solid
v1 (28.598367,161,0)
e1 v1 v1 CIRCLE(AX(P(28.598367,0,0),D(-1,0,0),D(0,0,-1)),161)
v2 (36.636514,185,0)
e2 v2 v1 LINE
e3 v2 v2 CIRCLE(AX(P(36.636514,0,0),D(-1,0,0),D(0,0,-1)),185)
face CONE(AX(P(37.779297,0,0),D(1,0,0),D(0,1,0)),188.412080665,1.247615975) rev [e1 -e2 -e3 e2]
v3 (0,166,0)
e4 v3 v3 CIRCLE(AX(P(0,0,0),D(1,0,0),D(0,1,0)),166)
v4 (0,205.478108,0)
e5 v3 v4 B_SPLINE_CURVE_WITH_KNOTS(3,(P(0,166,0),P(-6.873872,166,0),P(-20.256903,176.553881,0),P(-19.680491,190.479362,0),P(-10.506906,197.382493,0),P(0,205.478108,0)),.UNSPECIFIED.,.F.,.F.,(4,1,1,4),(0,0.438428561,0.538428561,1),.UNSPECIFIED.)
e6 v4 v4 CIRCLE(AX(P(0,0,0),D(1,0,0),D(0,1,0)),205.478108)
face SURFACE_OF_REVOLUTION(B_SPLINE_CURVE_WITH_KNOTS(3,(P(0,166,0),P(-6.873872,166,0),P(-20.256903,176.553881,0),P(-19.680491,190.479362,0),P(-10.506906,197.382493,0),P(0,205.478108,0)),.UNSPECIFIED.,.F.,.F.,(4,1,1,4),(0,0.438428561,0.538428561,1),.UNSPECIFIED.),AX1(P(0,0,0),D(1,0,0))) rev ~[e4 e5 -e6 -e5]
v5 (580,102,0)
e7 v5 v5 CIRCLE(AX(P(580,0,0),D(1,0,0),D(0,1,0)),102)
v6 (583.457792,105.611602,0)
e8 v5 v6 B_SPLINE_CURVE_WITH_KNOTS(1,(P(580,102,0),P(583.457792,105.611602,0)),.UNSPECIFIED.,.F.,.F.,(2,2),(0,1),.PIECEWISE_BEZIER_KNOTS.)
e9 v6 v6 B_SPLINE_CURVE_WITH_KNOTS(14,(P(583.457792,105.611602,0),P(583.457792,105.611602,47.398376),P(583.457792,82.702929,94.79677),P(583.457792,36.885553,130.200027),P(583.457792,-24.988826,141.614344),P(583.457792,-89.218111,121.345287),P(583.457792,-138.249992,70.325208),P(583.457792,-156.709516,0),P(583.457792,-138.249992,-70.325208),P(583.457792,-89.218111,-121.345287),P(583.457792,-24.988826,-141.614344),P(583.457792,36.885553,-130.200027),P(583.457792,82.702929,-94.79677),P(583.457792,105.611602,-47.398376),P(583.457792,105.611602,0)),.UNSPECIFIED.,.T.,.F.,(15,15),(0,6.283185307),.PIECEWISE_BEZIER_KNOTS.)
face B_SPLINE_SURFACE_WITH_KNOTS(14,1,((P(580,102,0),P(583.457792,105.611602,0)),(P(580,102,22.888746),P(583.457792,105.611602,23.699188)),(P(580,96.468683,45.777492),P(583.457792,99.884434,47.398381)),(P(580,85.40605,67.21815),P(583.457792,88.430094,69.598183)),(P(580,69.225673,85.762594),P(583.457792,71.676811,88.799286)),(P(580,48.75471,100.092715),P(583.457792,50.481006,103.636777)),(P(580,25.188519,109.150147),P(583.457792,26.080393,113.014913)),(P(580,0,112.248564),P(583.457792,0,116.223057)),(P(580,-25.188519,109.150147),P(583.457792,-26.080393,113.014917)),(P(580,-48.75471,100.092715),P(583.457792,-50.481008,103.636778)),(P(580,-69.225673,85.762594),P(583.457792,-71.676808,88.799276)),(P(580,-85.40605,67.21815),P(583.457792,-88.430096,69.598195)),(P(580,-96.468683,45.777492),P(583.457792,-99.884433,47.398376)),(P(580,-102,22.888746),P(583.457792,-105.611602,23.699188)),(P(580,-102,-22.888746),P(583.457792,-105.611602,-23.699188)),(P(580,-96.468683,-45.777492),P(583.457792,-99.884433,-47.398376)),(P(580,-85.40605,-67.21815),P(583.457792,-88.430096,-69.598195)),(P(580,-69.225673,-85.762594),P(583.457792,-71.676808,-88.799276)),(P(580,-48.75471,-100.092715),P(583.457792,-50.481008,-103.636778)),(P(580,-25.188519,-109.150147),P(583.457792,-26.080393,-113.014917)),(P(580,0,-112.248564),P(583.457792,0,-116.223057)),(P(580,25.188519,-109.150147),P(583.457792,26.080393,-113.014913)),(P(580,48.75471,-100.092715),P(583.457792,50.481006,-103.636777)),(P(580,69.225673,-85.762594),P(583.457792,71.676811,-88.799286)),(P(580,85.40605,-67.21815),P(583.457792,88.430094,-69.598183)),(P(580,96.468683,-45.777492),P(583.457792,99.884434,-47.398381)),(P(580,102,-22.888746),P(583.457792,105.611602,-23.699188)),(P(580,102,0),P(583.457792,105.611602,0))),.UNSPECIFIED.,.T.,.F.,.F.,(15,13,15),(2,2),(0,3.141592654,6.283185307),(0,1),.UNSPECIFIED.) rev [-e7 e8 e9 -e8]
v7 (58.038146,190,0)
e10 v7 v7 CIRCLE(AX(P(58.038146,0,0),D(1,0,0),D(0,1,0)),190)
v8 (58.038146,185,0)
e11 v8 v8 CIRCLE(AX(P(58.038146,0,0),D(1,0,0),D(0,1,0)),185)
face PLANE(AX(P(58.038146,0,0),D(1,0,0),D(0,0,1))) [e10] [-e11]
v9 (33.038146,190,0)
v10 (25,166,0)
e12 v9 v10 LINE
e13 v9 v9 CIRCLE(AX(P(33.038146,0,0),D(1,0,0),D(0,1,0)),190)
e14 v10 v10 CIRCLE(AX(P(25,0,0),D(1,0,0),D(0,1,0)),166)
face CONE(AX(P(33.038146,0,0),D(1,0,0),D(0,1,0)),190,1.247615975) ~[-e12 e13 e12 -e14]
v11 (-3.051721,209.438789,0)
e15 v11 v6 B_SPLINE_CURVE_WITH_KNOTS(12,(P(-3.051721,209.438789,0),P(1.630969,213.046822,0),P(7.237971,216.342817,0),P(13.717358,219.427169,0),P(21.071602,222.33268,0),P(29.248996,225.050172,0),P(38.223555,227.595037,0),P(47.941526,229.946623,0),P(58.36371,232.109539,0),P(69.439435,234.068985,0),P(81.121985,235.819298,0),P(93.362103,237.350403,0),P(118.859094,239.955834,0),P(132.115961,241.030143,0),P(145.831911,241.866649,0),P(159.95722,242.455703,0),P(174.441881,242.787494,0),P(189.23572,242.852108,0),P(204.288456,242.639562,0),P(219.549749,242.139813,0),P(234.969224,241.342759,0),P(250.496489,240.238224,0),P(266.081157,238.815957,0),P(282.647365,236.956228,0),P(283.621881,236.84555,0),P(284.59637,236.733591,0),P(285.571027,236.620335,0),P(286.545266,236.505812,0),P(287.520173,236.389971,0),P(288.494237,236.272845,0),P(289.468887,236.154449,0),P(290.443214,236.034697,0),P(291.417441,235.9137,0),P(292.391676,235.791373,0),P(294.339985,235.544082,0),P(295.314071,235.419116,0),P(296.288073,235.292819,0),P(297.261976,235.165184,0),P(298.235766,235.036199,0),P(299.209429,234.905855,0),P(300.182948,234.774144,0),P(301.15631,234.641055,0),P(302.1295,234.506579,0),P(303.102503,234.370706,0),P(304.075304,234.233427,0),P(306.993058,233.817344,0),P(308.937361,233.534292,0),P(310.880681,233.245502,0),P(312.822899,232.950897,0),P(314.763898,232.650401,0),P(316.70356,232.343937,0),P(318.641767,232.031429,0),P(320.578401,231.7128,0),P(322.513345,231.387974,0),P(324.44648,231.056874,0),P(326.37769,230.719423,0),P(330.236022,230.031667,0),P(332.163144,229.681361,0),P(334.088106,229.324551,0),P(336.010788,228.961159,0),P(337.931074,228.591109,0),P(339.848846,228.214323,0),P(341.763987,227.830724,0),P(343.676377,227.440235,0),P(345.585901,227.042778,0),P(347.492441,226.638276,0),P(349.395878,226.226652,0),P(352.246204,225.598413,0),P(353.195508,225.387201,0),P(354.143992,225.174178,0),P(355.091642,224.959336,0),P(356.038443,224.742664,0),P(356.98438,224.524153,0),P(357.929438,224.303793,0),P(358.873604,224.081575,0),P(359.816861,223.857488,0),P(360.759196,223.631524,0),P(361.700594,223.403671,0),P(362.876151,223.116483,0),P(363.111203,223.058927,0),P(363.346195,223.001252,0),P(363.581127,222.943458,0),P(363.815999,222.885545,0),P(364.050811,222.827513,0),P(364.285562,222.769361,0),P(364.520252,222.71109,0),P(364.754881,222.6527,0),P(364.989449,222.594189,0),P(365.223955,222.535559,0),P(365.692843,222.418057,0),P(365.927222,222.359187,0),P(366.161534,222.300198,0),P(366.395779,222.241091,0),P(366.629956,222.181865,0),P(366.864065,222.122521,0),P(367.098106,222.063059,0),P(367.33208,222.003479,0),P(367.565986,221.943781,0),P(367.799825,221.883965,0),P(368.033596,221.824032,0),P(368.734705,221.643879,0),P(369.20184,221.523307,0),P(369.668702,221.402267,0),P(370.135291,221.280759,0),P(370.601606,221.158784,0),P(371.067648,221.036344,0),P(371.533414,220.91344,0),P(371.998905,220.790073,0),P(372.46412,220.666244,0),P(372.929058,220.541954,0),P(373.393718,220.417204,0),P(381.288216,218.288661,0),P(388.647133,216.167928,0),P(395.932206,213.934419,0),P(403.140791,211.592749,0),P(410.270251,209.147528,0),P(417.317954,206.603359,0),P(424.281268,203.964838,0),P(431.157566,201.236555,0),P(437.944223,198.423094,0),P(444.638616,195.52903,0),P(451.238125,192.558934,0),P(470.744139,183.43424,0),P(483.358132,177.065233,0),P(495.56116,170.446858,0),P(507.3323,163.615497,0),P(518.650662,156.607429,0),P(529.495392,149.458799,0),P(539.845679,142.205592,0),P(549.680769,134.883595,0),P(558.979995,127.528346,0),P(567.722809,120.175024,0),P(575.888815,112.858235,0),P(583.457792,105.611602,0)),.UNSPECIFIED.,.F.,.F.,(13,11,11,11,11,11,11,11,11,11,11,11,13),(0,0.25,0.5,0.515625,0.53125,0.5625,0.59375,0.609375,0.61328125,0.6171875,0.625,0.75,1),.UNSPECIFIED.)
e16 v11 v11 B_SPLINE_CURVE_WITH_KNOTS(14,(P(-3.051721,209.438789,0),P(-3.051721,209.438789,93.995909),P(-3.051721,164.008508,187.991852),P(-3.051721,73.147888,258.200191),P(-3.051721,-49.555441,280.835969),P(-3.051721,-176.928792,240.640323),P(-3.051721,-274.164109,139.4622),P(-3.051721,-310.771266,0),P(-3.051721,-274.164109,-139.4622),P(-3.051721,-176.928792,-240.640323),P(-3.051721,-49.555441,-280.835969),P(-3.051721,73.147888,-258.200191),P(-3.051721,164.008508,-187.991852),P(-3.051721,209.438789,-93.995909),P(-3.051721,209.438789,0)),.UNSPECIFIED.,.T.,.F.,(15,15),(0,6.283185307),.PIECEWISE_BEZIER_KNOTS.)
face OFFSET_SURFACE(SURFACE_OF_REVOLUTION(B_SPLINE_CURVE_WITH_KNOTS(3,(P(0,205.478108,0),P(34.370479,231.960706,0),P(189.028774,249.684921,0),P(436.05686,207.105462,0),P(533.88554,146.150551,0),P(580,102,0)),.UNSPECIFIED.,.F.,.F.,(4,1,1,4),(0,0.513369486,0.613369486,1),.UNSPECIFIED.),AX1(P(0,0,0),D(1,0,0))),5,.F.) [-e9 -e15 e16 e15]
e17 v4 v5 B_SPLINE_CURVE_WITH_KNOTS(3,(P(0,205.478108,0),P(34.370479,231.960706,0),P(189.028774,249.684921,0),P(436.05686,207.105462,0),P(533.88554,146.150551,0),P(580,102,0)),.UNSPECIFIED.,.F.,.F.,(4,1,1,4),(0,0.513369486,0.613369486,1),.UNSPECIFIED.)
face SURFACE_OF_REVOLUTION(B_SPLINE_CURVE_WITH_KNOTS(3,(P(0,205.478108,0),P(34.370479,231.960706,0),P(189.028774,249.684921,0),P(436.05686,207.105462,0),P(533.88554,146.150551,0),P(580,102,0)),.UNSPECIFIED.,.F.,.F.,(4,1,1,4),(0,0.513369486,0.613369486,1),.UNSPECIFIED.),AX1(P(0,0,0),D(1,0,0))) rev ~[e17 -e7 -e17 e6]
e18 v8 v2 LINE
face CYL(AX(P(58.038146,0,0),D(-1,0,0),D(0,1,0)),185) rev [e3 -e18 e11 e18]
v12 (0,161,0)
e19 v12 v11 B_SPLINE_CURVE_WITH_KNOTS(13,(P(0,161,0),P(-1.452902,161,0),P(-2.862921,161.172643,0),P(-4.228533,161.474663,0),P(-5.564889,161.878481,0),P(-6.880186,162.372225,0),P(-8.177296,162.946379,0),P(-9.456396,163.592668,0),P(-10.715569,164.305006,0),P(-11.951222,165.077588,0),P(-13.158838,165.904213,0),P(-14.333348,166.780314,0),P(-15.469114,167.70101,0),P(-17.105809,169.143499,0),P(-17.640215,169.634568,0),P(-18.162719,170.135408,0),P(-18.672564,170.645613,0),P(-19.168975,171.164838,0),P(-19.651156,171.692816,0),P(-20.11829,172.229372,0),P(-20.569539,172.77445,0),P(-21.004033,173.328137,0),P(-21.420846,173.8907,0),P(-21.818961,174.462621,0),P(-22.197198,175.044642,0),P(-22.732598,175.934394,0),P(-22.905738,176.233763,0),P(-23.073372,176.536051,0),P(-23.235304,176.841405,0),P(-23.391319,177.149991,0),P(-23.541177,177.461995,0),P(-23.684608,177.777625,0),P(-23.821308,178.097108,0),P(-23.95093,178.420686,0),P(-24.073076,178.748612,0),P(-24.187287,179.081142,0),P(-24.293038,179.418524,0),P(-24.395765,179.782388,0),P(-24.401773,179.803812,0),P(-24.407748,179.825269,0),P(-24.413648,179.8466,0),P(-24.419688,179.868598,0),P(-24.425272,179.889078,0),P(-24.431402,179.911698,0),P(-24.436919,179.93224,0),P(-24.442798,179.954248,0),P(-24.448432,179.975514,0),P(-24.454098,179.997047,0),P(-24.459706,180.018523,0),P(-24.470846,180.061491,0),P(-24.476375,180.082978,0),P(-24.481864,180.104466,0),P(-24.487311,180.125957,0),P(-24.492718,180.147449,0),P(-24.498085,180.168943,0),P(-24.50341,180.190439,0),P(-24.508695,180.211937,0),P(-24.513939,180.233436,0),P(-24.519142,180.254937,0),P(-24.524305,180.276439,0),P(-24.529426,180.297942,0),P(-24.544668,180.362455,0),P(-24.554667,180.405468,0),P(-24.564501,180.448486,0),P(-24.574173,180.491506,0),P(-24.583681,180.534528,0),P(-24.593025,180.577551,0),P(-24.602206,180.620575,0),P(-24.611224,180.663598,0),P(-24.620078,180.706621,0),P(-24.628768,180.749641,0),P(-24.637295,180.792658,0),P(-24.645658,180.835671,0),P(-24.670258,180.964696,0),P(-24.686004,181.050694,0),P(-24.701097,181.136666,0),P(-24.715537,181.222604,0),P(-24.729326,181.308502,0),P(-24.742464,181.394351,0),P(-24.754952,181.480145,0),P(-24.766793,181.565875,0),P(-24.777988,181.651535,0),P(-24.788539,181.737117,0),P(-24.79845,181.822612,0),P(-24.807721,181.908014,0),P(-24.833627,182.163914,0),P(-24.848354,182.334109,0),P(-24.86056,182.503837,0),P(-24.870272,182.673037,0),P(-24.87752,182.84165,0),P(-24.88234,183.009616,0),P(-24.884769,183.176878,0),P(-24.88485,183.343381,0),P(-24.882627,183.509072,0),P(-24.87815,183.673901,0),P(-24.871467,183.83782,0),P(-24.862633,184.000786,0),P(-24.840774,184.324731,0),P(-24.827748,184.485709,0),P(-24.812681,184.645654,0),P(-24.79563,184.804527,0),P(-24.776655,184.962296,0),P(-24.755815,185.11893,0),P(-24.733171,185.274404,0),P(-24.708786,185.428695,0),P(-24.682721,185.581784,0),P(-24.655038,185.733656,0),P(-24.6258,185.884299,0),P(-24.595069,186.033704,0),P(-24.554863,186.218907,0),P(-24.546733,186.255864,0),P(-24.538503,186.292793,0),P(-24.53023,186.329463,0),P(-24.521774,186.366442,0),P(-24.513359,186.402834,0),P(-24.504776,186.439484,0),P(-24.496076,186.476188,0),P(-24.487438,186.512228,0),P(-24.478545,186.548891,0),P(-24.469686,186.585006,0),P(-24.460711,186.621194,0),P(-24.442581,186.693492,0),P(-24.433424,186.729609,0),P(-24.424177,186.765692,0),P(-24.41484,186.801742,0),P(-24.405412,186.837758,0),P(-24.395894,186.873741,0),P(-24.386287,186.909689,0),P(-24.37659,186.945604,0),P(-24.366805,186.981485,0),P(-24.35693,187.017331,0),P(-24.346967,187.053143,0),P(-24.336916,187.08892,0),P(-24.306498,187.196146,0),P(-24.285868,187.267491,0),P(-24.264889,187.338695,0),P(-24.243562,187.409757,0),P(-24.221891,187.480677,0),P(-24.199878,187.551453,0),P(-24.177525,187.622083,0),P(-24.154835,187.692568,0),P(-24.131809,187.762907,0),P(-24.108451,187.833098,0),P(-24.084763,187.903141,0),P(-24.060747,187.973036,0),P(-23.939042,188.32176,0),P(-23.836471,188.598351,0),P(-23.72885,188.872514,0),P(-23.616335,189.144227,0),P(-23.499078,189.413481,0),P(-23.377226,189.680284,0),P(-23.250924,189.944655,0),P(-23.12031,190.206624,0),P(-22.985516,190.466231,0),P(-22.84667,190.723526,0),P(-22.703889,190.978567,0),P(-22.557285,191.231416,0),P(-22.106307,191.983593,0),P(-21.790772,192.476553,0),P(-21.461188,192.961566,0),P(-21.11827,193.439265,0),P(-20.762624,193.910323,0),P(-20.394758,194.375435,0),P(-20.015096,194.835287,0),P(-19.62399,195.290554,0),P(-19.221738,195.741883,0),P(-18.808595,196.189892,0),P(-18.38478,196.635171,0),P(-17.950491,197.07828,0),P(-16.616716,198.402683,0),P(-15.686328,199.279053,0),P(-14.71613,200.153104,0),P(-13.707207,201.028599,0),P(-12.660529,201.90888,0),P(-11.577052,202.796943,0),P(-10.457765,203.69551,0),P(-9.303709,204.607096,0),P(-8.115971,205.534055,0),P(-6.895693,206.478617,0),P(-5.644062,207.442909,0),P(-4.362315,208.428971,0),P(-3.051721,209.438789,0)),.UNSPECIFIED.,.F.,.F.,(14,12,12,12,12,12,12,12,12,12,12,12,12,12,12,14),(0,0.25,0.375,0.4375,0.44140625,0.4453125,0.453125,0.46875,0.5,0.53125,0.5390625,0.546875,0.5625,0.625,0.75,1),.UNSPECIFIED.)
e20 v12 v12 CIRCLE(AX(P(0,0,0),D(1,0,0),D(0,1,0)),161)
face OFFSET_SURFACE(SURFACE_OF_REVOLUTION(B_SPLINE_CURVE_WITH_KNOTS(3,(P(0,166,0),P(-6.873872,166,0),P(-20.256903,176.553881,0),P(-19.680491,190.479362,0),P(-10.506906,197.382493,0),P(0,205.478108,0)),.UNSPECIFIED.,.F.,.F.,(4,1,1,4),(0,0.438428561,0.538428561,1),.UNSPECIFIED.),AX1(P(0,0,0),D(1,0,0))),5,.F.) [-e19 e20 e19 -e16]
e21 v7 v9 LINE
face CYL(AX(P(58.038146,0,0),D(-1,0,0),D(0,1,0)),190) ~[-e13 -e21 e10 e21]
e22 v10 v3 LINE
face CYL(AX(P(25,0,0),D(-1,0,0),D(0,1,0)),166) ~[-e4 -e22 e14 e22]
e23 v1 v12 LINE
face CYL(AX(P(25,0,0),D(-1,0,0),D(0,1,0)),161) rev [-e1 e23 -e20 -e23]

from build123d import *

# Parameters (mm, degrees)
THICKEN1_T1 = 5


with BuildPart() as body_1:
    # Surface-Revolve1: a surface, the sketch's curves turned about an axis
    with BuildLine(Plane.XY, mode=Mode.PRIVATE) as surface_revolve1_1_path:
        Line((58.038146133, 190), (33.038146133, 190))
        Line((33.038146133, 190), (25, 166))
        Line((25, 166), (0, 166))
        add(Edge.make_bspline(
            [(0, 166), (-6.873872274, 166), (-20.256903083, 176.553880741), (-19.680490958, 190.479362397), (-10.506905999, 197.382493162), (0, 205.478108127)],
            knots=[0, 0, 0, 0, 0.438428561, 0.538428561, 1, 1, 1, 1], degree=3))
        add(Edge.make_bspline(
            [(0, 205.478108127), (34.370478775, 231.960705608), (189.028774324, 249.684921051), (436.056860326, 207.105462323), (533.885540134, 146.150551093), (580, 102)],
            knots=[0, 0, 0, 0, 0.513369486, 0.613369486, 1, 1, 1, 1], degree=3))
    surface_revolve1_1 = Shell.revolve(surface_revolve1_1_path.wire(), 360, Axis((0, 0, 0), (1, 0, 0)))
    add(Solid.thicken(surface_revolve1_1, THICKEN1_T1))


solid = body_1.part
